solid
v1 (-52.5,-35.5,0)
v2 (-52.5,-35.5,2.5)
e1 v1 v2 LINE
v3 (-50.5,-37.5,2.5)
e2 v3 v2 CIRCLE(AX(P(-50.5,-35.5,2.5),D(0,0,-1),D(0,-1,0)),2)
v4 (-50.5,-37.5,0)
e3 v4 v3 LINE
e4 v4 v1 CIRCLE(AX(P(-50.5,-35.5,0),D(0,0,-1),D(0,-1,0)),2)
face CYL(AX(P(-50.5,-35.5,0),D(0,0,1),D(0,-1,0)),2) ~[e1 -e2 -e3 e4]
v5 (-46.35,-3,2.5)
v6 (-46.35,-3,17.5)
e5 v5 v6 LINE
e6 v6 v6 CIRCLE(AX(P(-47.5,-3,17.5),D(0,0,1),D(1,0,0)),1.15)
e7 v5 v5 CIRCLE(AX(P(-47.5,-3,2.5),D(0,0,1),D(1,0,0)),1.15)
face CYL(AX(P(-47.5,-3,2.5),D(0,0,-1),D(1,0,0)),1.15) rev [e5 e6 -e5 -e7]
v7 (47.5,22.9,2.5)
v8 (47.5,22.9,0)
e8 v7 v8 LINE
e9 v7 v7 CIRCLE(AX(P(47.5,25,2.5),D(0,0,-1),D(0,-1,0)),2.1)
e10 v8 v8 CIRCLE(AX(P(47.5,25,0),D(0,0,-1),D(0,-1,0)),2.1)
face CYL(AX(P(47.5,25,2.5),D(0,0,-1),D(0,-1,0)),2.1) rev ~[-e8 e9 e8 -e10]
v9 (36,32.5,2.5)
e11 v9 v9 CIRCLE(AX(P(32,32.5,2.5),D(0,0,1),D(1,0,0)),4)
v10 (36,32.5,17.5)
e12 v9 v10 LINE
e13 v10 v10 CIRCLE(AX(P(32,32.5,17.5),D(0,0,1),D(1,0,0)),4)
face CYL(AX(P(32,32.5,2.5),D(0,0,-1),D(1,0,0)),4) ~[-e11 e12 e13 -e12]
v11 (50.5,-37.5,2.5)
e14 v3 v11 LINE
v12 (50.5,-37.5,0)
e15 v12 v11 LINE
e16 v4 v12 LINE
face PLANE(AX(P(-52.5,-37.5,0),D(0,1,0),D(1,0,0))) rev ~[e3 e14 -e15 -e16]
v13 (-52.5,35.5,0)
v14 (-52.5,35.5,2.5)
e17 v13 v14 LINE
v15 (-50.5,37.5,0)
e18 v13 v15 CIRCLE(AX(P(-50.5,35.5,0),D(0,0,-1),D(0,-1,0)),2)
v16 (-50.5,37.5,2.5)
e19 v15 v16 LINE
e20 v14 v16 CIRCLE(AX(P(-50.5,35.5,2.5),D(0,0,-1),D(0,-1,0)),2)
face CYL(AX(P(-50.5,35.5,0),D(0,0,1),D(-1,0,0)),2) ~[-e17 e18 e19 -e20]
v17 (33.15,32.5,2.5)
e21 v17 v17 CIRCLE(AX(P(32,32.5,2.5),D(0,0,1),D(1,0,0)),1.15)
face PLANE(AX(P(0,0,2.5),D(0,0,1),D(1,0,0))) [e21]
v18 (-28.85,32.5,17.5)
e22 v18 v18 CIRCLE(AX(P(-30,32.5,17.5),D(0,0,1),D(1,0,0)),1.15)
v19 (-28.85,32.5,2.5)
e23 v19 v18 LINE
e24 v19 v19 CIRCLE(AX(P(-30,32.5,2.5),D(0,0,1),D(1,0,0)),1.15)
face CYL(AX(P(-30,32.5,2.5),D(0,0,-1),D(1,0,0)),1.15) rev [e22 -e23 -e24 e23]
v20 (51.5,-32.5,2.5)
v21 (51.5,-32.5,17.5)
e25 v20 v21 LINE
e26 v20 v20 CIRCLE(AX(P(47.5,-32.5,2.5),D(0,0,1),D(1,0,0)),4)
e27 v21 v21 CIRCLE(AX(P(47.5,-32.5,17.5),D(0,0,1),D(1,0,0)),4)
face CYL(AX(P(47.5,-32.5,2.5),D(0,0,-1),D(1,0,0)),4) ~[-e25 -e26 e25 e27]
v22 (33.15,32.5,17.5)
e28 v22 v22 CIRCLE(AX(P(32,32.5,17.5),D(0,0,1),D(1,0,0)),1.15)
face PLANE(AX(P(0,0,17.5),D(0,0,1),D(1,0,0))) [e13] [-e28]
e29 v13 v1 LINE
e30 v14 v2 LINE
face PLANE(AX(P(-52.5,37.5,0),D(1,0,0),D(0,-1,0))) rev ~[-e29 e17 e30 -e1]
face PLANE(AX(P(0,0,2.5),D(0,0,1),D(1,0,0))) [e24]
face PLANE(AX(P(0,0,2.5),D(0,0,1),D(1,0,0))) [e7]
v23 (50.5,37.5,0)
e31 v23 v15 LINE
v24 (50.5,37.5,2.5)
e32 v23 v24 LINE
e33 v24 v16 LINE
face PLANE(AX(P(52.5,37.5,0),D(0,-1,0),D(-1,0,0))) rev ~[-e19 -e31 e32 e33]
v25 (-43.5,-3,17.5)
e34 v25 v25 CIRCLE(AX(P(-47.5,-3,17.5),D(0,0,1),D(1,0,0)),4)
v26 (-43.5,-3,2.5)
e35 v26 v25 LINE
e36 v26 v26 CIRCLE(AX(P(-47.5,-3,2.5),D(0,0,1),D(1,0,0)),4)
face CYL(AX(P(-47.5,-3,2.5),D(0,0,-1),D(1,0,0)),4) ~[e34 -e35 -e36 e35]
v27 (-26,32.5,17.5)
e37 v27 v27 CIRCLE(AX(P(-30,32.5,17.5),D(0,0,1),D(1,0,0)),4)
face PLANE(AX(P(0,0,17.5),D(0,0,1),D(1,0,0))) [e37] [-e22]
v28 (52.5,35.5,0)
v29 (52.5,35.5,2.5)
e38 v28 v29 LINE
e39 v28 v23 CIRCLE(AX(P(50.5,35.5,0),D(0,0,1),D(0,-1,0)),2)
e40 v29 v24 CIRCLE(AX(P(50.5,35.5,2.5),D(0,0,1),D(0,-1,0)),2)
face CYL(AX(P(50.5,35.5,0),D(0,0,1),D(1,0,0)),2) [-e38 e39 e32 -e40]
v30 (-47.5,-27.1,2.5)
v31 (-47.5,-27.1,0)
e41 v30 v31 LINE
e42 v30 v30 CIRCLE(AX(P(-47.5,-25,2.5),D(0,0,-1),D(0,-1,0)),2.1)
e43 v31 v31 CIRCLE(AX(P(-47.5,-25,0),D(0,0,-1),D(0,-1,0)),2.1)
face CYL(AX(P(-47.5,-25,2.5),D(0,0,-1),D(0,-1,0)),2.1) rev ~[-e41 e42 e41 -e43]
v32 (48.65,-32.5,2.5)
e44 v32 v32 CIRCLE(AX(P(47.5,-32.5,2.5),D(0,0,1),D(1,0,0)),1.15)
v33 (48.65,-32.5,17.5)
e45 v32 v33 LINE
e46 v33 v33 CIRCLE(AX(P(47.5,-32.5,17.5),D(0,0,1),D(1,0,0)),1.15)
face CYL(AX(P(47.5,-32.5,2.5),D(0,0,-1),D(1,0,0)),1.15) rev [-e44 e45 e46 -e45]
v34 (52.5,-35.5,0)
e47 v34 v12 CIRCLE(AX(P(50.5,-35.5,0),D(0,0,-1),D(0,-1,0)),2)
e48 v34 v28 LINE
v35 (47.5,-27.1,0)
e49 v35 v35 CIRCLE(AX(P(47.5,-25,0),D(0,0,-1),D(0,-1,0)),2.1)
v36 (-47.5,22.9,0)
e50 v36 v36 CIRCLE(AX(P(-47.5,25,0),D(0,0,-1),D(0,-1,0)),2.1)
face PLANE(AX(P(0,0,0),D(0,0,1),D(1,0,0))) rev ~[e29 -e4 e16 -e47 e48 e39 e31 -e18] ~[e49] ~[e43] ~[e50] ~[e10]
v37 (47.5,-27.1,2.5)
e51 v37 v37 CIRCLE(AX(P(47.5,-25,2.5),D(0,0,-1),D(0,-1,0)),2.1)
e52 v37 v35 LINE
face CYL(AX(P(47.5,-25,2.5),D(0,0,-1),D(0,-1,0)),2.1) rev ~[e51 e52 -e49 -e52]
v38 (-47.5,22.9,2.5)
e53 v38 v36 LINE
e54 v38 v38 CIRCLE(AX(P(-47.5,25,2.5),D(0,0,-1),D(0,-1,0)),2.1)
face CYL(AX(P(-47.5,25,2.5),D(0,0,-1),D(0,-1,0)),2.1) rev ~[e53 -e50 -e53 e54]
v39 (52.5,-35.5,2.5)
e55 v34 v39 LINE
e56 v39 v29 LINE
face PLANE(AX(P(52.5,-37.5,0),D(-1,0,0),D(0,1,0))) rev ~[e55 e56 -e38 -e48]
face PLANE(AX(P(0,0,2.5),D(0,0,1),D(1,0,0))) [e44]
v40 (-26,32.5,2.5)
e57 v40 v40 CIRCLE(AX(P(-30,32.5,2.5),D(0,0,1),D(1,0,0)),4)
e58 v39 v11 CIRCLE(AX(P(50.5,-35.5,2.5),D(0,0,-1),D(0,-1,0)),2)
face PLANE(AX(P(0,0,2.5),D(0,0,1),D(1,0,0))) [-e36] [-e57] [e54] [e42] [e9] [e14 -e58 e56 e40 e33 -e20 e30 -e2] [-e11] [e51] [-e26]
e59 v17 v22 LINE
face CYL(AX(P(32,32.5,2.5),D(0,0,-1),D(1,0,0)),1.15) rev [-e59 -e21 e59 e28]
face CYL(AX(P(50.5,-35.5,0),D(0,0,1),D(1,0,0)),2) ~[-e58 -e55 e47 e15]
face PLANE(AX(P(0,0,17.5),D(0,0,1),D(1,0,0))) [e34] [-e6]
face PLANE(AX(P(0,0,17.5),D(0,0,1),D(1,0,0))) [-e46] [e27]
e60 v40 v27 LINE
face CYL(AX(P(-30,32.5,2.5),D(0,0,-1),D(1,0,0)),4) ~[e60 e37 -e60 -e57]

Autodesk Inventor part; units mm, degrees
ref_plane "YZ Plane" through (0, 0, 0) normal (1, 0, 0) x (0, 1, 0)
ref_plane "XZ Plane" through (0, 0, 0) normal (0, 1, 0) x (-1, 0, 0)
ref_plane "XY Plane" through (0, 0, 0) normal (0, 0, 1) x (1, 0, 0)
sketch "Skizze1" plane through (0, 0, 0) normal (0, 0, 1) x (1, 0, 0)
  line L0 (52.5, 37.5) -> (-52.5, 37.5)
  line L1 (-52.5, 37.5) -> (-52.5, -37.5)
  line L2 (-52.5, -37.5) -> (52.5, -37.5)
  line L3 (52.5, -37.5) -> (52.5, 37.5)
  line L4 (52.5, 37.5) -> (-52.5, -37.5) construction
  line L5 (-52.5, 37.5) -> (52.5, -37.5) construction
  point P0 (0, 0)
  dimension "d0" = 105
  dimension "d1" = 75
extrude "Extrusion1" add sketch "Skizze1" along normal blind 2.5
fillet "Rundung1" radius 2 4 edges at (-52.5, 37.5, 1.25) (52.5, 37.5, 1.25) (52.5, -37.5, 1.25) (-52.5, -37.5, 1.25)
sketch "Skizze2" plane through (0, 0, 2.5) normal (0, 0, 1) x (1, 0, 0)
  arc A0 (-52.5, -35.5) -> (-50.5, -37.5) centre (-50.5, -35.5) ccw construction
  line L0 (-50.5, -37.5) -> (50.5, -37.5) construction
  arc A1 (50.5, -37.5) -> (52.5, -35.5) centre (50.5, -35.5) ccw construction
  line L1 (52.5, -35.5) -> (52.5, 35.5) construction
  arc A2 (52.5, 35.5) -> (50.5, 37.5) centre (50.5, 35.5) ccw construction
  line L2 (50.5, 37.5) -> (-50.5, 37.5) construction
  arc A3 (-50.5, 37.5) -> (-52.5, 35.5) centre (-50.5, 35.5) ccw construction
  line L3 (-52.5, 35.5) -> (-52.5, -35.5) construction
  line L4 (-50, 35) -> (50, 35) construction
  line L5 (50, 35) -> (50, -35) construction
  line L6 (50, -35) -> (-50, -35) construction
  line L7 (-50, -35) -> (-50, 35) construction
  line L8 (-50, 35) -> (50, -35) construction
  line L9 (50, 35) -> (-50, -35) construction
  line L10 (-50, 35) -> (-47.5, 35) construction
  line L11 (-50, 35) -> (-50, 32.5) construction
  line L12 (50, 35) -> (47.5, 35) construction
  line L13 (50, 35) -> (50, 32.5) construction
  line L14 (-50, -35) -> (-50, -32.5) construction
  line L15 (-47.5, 35) -> (-47.5, -3) construction
  line L16 (-50, 32.5) -> (-30, 32.5) construction
  line L17 (50, 32.5) -> (32, 32.5) construction
  line L18 (50, -35) -> (47.5, -35) construction
  line L19 (47.5, -35) -> (47.5, -32.5) construction
  circle A4 centre (-30, 32.5) radius 4
  circle A5 centre (32, 32.5) radius 4
  circle A6 centre (47.5, -32.5) radius 4
  circle A7 centre (-47.5, -3) radius 4
  circle A8 centre (-30, 32.5) radius 1.15
  circle A9 centre (32, 32.5) radius 1.15
  circle A10 centre (47.5, -32.5) radius 1.15
  circle A11 centre (-47.5, -3) radius 1.15
  point P0 (0, 0)
  dimension "d5" = 100
  dimension "d6" = 70
  dimension "d7" = 2.5
  dimension "d8" = 2.5
  dimension "d9" = 2.5
  dimension "d10" = 2.5
  dimension "d11" = 2.5
  dimension "d12" = 38
  dimension "d13" = 20
  dimension "d14" = 18
  dimension "d15" = 2.5
  dimension "d16" = 2.5
  dimension "d17" = 8
  dimension "d18" = 8
  dimension "d19" = 8
  dimension "d20" = 8
  dimension "d23" = 2.3
  dimension "d24" = 2.3
  dimension "d25" = 2.3
  dimension "d26" = 2.3
extrude "Extrusion3" add sketch "Skizze2" along normal blind 15
sketch "Skizze3" plane through (0, 0, 2.5) normal (0, 0, 1) x (1, 0, 0)
  circle A0 centre (47.5, -32.5) radius 4 construction
  circle A1 centre (-30, 32.5) radius 4 construction
  circle A2 centre (32, 32.5) radius 4 construction
  circle A3 centre (-47.5, -3) radius 4 construction
  arc A4 (-52.5, -35.5) -> (-50.5, -37.5) centre (-50.5, -35.5) ccw construction
  line L0 (-50.5, -37.5) -> (50.5, -37.5) construction
  arc A5 (50.5, -37.5) -> (52.5, -35.5) centre (50.5, -35.5) ccw construction
  line L1 (52.5, -35.5) -> (52.5, 35.5) construction
  arc A6 (52.5, 35.5) -> (50.5, 37.5) centre (50.5, 35.5) ccw construction
  line L2 (50.5, 37.5) -> (-50.5, 37.5) construction
  arc A7 (-50.5, 37.5) -> (-52.5, 35.5) centre (-50.5, 35.5) ccw construction
  line L3 (-52.5, 35.5) -> (-52.5, -35.5) construction
  line L4 (-47.5, 25) -> (47.5, 25) construction
  line L5 (47.5, 25) -> (47.5, -25) construction
  line L6 (47.5, -25) -> (-47.5, -25) construction
  line L7 (-47.5, -25) -> (-47.5, 25) construction
  line L8 (-47.5, 25) -> (47.5, -25) construction
  line L9 (47.5, 25) -> (-47.5, -25) construction
  point P0 (0, 0)
  dimension "d29" = 50
hole "Bohrung1" at (-47.5, 25, 2.5) at (47.5, 25, 2.5) at (47.5, -25, 2.5) at (-47.5, -25, 2.5) direction (0, 0, -1) diameter 4.2 end through all
properties part number "PCB_Case_Btm"
